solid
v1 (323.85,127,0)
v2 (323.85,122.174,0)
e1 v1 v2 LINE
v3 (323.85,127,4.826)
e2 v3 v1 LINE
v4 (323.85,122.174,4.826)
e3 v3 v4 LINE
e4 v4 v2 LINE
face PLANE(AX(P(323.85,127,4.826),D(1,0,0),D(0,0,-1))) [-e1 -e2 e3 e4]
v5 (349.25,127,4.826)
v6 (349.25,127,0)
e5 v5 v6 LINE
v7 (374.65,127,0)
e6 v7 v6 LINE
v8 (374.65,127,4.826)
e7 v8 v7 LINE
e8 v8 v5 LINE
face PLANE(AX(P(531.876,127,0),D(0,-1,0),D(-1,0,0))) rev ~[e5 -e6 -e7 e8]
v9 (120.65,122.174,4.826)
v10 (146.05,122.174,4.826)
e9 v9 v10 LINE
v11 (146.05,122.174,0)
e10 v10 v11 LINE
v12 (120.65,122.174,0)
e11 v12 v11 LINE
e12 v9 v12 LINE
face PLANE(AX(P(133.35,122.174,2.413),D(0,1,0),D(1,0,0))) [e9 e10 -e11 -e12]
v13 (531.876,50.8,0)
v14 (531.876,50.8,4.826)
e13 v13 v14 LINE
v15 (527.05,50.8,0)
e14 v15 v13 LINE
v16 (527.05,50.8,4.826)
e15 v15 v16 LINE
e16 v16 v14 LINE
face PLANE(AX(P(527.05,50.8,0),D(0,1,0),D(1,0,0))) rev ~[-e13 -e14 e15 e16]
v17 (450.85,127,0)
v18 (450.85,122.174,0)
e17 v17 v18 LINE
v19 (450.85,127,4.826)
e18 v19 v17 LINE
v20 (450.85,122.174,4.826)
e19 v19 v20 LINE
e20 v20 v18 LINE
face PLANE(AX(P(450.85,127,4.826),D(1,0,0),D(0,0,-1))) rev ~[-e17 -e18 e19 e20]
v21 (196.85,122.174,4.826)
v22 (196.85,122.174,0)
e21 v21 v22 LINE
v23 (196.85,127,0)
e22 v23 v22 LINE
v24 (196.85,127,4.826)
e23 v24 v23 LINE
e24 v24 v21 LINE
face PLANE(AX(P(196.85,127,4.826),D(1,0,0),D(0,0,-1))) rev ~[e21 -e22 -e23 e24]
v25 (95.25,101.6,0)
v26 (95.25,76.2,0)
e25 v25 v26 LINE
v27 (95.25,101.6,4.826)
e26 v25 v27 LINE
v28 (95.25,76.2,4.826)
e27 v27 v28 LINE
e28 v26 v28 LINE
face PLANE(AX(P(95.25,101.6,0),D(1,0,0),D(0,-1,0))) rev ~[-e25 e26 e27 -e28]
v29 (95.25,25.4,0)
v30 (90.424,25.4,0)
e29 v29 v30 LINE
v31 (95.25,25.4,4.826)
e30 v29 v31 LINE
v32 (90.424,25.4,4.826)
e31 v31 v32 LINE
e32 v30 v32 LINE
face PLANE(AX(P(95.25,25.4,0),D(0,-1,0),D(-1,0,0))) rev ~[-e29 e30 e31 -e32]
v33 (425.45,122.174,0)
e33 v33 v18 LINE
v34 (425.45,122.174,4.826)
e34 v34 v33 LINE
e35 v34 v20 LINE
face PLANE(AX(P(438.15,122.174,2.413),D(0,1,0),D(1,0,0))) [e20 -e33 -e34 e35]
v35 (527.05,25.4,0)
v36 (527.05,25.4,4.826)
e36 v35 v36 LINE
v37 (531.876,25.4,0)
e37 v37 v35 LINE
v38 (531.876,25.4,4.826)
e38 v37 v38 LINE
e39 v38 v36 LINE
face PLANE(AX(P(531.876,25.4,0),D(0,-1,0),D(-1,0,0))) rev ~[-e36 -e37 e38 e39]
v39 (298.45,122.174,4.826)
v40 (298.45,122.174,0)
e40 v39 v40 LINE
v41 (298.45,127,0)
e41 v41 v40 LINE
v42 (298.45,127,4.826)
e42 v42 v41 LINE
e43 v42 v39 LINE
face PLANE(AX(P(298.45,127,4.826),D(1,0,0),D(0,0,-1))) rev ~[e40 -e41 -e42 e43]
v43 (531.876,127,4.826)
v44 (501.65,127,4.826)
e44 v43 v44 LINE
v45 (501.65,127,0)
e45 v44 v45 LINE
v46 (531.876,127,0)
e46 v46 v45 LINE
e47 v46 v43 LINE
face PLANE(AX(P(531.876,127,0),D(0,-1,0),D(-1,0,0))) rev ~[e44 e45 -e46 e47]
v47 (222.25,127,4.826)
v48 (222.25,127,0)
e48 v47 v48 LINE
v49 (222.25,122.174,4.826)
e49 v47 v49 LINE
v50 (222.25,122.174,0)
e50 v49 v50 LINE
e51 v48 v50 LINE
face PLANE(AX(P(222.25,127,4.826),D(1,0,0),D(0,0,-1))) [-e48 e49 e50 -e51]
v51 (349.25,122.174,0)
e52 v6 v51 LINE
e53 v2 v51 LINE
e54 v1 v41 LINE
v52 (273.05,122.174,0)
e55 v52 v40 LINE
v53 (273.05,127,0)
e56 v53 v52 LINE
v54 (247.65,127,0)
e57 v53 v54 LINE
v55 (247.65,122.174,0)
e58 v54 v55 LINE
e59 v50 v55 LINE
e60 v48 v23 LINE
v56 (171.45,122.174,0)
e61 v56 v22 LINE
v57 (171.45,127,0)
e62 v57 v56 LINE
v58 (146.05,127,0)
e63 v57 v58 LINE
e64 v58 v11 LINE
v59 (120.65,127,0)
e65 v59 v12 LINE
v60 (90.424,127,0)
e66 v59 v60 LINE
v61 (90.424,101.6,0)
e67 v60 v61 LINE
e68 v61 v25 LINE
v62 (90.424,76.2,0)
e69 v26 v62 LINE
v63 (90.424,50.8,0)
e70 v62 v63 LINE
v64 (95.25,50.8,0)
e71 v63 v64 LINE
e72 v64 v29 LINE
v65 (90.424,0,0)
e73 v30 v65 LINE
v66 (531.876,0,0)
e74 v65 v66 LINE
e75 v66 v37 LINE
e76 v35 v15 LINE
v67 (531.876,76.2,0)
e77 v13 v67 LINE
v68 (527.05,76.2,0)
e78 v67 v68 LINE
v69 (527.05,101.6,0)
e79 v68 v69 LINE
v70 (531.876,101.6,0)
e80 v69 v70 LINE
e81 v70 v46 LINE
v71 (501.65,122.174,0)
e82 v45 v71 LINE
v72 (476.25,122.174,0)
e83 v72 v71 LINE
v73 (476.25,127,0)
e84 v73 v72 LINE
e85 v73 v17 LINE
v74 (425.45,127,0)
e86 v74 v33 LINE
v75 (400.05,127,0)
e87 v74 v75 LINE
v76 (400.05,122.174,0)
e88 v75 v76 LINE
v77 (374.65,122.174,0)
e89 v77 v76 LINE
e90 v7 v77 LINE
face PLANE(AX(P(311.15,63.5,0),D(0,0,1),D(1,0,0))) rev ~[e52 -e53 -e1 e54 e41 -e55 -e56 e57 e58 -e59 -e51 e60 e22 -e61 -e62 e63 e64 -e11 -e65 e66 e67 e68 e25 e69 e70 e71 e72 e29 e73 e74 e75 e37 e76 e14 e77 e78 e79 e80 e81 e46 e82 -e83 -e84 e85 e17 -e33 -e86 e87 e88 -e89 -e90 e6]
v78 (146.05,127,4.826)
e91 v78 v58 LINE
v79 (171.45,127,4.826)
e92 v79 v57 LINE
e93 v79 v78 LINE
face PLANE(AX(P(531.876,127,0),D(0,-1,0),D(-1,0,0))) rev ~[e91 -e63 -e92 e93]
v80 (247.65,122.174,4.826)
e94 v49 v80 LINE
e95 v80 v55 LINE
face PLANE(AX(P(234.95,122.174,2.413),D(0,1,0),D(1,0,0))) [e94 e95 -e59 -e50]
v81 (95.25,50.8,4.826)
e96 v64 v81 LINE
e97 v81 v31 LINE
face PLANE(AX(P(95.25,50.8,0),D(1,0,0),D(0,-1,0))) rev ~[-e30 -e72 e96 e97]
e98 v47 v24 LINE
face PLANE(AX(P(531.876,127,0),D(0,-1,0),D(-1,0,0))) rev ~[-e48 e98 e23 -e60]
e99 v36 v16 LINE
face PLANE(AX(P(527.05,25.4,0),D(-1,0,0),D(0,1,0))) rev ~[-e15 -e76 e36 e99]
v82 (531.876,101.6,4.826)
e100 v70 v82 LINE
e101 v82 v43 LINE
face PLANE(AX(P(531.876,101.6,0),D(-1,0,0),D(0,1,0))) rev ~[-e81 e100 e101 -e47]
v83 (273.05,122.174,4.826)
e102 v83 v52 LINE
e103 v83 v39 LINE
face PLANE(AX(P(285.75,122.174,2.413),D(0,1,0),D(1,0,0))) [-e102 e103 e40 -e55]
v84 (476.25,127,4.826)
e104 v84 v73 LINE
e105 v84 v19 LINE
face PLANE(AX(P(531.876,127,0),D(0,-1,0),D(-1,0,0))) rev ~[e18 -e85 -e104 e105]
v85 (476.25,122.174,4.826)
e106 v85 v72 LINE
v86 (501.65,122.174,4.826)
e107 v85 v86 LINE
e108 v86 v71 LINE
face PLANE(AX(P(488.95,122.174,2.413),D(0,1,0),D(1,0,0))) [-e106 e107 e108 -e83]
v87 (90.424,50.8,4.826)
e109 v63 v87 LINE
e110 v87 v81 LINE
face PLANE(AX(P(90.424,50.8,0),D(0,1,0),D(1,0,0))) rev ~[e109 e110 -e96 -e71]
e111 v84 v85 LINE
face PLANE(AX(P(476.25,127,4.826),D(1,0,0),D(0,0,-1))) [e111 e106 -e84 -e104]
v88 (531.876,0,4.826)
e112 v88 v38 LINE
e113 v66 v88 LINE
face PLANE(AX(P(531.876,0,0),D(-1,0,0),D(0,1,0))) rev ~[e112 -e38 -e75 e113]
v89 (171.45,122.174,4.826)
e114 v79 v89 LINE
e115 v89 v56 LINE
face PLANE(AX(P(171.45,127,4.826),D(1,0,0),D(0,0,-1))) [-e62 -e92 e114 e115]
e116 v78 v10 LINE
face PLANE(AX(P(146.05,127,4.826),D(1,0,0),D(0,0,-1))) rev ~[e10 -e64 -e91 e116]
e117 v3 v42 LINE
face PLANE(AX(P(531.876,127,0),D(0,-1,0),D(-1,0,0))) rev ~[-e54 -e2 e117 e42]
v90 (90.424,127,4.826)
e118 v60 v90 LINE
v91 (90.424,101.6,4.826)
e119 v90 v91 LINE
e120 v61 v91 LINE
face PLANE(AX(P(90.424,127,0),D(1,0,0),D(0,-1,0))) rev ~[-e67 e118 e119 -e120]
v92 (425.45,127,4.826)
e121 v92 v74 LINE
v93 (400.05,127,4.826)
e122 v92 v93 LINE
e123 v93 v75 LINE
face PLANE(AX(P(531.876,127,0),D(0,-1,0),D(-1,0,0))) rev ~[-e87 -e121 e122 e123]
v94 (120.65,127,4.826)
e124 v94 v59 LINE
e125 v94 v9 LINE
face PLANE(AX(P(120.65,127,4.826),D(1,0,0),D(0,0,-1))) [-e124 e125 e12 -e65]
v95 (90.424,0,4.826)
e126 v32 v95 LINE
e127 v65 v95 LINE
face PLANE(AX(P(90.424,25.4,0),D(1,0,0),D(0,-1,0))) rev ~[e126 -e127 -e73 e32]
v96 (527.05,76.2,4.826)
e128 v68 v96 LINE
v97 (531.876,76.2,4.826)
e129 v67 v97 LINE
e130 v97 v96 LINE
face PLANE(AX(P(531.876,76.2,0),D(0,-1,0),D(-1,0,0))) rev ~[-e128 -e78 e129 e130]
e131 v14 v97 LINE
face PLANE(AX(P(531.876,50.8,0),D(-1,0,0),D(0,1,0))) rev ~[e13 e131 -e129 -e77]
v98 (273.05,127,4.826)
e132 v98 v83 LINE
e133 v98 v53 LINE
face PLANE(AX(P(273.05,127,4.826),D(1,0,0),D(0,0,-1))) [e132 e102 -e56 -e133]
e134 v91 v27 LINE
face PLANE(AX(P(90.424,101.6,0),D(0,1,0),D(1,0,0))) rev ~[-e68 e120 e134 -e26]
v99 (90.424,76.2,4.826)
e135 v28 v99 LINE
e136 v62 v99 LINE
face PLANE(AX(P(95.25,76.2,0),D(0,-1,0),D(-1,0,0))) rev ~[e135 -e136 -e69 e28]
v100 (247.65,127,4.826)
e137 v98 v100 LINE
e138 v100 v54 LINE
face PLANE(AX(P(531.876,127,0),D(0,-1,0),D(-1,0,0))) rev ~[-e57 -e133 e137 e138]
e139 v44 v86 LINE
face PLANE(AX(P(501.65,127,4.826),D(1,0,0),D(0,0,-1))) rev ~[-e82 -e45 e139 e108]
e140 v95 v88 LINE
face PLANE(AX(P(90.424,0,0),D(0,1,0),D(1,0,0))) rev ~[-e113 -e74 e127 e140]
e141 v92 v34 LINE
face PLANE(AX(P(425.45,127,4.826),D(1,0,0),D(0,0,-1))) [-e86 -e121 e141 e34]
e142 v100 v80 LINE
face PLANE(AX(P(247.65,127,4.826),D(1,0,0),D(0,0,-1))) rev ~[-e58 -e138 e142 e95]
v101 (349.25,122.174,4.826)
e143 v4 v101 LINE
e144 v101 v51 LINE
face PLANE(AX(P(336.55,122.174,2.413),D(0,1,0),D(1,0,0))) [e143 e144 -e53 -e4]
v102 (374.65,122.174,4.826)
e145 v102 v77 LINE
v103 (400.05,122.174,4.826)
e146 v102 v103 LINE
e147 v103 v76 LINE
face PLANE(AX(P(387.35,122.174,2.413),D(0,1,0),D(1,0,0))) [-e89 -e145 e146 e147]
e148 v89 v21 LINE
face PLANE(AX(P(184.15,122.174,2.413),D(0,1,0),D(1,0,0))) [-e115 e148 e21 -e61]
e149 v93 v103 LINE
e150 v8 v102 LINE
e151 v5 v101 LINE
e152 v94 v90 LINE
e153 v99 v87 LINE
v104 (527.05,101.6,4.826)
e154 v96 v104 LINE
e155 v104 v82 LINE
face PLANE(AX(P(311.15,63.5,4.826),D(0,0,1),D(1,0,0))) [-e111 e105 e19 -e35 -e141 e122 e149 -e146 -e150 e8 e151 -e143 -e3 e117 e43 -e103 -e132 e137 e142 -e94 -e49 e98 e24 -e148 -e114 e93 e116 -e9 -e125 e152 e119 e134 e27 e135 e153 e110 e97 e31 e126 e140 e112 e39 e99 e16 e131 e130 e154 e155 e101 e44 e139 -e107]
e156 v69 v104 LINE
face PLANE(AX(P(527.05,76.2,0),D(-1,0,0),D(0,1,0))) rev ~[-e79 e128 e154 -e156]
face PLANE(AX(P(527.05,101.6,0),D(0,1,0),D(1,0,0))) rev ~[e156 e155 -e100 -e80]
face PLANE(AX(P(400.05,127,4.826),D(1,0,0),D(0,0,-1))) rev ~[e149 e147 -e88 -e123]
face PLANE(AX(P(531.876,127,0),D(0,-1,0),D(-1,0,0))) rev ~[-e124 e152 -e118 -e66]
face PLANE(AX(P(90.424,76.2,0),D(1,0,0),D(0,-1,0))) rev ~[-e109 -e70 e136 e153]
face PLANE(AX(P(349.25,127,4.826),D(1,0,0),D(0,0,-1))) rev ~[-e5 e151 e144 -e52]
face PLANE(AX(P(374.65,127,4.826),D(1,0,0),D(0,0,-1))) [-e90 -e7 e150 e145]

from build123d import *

# Parameters (mm, degrees)
BOSS_EXTRUDE1_DEPTH = 4.826
SKETCH2_W           = 25.4
SKETCH2_H           = 4.826
CUT_EXTRUDE1_DEPTH  = 4.826


with BuildPart() as part:
    # Sketch1 → Boss-Extrude1 (new body)
    with BuildSketch(Plane.XY):
        Polygon((95.25, 50.8), (95.25, 25.4), (90.424, 25.4), (90.424, 0), (95.25, 0), (527.05, 0), (531.876, 0), (531.876, 25.4), (527.05, 25.4), (527.05, 50.8), (531.876, 50.8), (531.876, 76.2), (527.05, 76.2), (527.05, 101.6), (531.876, 101.6), (531.876, 127), (90.424, 127), (90.424, 101.6), (95.25, 101.6), (95.25, 76.2), (90.424, 76.2), (90.424, 50.8), align=None)
    extrude(amount=BOSS_EXTRUDE1_DEPTH)

    # Sketch2 → Cut-Extrude1 (cut)
    with BuildSketch(Plane(origin=(0, 127, 0), x_dir=(1, 0, 0), z_dir=(0, 1, 0))):
        with Locations((133.35, -2.413)):
            Rectangle(SKETCH2_W, SKETCH2_H)
        with Locations((184.15, -2.413)):
            Rectangle(SKETCH2_W, SKETCH2_H)
        with Locations((234.95, -2.413)):
            Rectangle(SKETCH2_W, SKETCH2_H)
        with Locations((285.75, -2.413)):
            Rectangle(SKETCH2_W, SKETCH2_H)
        with Locations((336.55, -2.413)):
            Rectangle(SKETCH2_W, SKETCH2_H)
        with Locations((387.35, -2.413)):
            Rectangle(SKETCH2_W, SKETCH2_H)
        with Locations((438.15, -2.413)):
            Rectangle(SKETCH2_W, SKETCH2_H)
        with Locations((488.95, -2.413)):
            Rectangle(SKETCH2_W, SKETCH2_H)
    extrude(amount=-CUT_EXTRUDE1_DEPTH, mode=Mode.SUBTRACT)


solid = part.part
